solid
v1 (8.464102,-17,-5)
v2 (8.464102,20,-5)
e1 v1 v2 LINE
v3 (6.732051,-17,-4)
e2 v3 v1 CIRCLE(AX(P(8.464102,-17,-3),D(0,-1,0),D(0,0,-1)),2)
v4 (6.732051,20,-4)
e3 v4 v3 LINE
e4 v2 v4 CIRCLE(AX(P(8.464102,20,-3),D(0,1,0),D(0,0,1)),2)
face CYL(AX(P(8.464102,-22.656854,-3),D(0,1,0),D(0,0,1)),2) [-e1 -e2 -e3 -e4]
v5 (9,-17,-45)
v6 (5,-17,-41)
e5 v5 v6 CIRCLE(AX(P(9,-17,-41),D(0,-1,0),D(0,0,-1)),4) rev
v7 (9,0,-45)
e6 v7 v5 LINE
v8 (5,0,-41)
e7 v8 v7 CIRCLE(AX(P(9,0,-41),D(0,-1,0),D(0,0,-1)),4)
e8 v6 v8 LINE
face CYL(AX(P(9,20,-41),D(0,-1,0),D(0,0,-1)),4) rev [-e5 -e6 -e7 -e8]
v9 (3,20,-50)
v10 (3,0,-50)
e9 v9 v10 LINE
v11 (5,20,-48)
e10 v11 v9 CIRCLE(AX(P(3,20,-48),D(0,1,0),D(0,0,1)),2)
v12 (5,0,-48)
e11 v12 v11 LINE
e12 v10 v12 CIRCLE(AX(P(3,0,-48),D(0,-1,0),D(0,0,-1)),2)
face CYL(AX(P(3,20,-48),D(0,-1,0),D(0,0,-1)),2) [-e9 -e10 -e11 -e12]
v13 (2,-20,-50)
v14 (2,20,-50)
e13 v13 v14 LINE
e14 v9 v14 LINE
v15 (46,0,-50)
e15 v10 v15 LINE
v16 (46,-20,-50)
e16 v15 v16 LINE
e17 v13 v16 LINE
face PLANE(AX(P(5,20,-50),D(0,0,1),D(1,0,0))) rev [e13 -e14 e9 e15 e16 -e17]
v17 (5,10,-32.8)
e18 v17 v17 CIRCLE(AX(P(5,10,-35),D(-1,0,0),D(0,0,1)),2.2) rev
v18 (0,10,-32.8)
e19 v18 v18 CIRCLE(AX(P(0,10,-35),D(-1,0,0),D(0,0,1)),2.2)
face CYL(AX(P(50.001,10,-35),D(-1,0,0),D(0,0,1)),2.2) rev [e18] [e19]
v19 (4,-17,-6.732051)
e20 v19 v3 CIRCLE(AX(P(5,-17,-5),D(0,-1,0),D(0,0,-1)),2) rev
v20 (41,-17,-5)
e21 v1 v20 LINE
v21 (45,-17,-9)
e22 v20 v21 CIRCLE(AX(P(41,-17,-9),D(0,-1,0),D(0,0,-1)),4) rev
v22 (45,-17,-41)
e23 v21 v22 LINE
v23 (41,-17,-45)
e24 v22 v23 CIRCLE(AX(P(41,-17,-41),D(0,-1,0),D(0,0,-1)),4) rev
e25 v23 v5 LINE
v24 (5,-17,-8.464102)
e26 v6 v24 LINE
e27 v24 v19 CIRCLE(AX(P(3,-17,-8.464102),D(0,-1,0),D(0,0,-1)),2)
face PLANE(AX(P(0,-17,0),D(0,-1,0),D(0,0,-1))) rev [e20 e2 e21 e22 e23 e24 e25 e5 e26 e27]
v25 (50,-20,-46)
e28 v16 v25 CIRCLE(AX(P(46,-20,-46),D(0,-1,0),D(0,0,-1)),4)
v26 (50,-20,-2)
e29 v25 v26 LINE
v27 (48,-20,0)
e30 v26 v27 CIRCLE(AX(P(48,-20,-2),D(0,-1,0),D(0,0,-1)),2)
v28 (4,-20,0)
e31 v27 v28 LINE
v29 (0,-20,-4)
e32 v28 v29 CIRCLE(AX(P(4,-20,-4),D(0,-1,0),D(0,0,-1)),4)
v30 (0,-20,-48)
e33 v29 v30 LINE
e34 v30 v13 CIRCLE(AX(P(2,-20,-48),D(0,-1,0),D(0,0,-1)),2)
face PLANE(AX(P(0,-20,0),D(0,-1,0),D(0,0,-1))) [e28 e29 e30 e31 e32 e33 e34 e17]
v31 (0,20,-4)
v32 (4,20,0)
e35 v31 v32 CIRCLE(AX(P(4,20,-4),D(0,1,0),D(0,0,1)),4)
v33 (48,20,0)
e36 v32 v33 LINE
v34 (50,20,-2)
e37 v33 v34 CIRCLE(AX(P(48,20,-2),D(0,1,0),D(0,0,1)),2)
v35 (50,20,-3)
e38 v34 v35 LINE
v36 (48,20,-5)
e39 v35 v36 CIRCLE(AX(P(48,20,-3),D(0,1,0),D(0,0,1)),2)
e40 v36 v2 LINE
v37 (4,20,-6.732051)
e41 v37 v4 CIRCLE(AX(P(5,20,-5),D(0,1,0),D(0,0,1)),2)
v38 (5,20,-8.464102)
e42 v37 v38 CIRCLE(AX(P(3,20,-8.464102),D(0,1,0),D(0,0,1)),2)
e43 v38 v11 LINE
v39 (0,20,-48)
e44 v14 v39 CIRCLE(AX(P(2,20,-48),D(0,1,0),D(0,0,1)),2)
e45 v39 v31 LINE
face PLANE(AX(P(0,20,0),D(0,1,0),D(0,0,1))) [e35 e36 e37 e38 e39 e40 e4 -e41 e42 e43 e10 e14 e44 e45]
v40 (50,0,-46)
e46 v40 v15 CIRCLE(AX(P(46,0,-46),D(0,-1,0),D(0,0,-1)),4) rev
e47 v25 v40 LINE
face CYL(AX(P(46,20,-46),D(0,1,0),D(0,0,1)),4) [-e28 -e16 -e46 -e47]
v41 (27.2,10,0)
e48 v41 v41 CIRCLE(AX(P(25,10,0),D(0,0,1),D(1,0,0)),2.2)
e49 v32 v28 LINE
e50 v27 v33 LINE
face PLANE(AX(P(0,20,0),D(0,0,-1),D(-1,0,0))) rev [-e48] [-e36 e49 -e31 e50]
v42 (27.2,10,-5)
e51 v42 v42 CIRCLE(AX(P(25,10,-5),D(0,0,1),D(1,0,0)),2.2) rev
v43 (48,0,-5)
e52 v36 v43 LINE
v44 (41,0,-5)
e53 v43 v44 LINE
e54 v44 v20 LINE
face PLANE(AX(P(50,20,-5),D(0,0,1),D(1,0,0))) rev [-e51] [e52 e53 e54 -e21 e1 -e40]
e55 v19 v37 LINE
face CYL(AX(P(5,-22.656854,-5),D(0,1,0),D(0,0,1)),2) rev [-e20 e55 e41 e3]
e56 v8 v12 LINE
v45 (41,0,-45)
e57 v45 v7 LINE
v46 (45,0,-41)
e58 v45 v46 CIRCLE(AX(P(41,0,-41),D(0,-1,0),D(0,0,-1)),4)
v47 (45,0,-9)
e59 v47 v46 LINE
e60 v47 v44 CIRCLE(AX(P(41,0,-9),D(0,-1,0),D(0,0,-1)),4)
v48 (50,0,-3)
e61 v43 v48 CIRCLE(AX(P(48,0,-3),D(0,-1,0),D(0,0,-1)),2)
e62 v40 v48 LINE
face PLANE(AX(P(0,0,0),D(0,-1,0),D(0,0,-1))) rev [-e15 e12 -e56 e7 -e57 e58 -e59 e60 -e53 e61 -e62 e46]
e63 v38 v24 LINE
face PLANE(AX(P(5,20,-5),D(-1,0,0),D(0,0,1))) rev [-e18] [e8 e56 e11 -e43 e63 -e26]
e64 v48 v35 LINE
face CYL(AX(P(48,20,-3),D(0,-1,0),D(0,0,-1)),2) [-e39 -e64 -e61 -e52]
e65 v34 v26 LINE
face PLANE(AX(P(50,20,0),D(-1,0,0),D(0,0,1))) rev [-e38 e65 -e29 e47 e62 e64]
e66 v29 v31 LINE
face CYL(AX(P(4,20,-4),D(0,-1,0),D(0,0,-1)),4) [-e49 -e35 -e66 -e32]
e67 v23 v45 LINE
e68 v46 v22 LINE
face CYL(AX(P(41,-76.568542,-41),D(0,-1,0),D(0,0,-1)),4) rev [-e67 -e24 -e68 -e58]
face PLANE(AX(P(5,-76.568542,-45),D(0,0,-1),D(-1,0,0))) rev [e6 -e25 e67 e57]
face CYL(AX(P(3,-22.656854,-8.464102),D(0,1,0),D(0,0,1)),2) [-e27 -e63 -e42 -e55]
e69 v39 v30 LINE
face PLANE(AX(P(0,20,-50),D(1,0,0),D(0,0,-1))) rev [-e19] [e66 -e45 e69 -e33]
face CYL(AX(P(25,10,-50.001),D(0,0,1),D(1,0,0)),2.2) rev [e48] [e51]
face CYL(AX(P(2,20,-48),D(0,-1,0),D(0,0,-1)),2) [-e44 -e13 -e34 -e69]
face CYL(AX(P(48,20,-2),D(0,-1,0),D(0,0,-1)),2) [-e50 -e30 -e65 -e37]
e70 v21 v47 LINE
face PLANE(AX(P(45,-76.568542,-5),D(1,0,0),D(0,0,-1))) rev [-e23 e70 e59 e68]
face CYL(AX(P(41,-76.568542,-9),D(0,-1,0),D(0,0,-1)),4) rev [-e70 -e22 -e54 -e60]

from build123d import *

# Parameters (mm, degrees)
EXTRUDE_1_DEPTH     = 20
CUT_EXTRUDE_2_REACH = 75.485
SKETCH_4_R          = 2.2
CUT_EXTRUDE_3_REACH = 75.485
SKETCH_5_R          = 2.2
SKETCH_3_W          = 50
SKETCH_3_H          = 50
EXTRUDE_2_DEPTH     = 20
SKETCH_10_W         = 40
SKETCH_10_H         = 40
CUT_EXTRUDE_5_DEPTH = 17
SKETCH_6_R          = 2
CUT_EXTRUDE_4_DEPTH = 37
FILLET_1_R          = 4
FILLET_2_R          = 2


with BuildPart() as part:
    # ｽｹｯﾁ1 → ﾎﾞｽ - 押し出し1 (new body)
    with BuildSketch(Plane(origin=(0, 0, 0), x_dir=(1, 0, 0), z_dir=(0, 1, 0))):
        Polygon((0, 0), (50, 0), (50, 5), (5, 5), (5, 50), (0, 50), align=None)
    extrude(amount=EXTRUDE_1_DEPTH)

    # ｽｹｯﾁ4 → ｶｯﾄ - 押し出し2 (cut, up to next)
    with BuildSketch(Plane.ZY, mode=Mode.PRIVATE) as cut_extrude_2_sk1:
        with Locations((-35, 10)):
            Circle(SKETCH_4_R)
    cut_extrude_2_tool1 = extrude(cut_extrude_2_sk1.sketch, amount=-CUT_EXTRUDE_2_REACH, mode=Mode.PRIVATE) & part.part
    add(cut_extrude_2_tool1.solids().sort_by_distance((0, 10, -35))[0], mode=Mode.SUBTRACT)

    # ｽｹｯﾁ5 → ｶｯﾄ - 押し出し3 (cut, up to next)
    with BuildSketch(Plane.XY, mode=Mode.PRIVATE) as cut_extrude_3_sk1:
        with Locations((25, 10)):
            Circle(SKETCH_5_R)
    cut_extrude_3_tool1 = extrude(cut_extrude_3_sk1.sketch, amount=-CUT_EXTRUDE_3_REACH, mode=Mode.PRIVATE) & part.part
    add(cut_extrude_3_tool1.solids().sort_by_distance((25, 10, 0))[0], mode=Mode.SUBTRACT)

    # ｽｹｯﾁ3 → ﾎﾞｽ - 押し出し2 (add)
    with BuildSketch(Plane.XZ):
        with Locations((25, -25)):
            Rectangle(SKETCH_3_W, SKETCH_3_H)
    extrude(amount=EXTRUDE_2_DEPTH)

    # ｽｹｯﾁ10 → ｶｯﾄ - 押し出し5 (cut)
    with BuildSketch(Plane(origin=(0, 0, 0), x_dir=(1, 0, 0), z_dir=(0, 1, 0))):
        with Locations((25, 25)):
            Rectangle(SKETCH_10_W, SKETCH_10_H)
    extrude(amount=-CUT_EXTRUDE_5_DEPTH, mode=Mode.SUBTRACT)

    # ｽｹｯﾁ6 → ｶｯﾄ - 押し出し4 (cut)
    with BuildSketch(Plane(origin=(0, 20, 0), x_dir=(1, 0, 0), z_dir=(0, 1, 0))):
        with Locations((5, 5)):
            Circle(SKETCH_6_R)
    extrude(amount=-CUT_EXTRUDE_4_DEPTH, mode=Mode.SUBTRACT)

    # ﾌｨﾚｯﾄ1
    fillet_1_edges = [part.edges().sort_by_distance(p)[0] for p in [
        (0, 0, 0),
        (50, -10, -50),
        (45, -8.5, -5),
        (45, -8.5, -45),
        (5, -8.5, -45),
    ]]
    fillet(fillet_1_edges, radius=FILLET_1_R)

    # ﾌｨﾚｯﾄ2
    fillet_2_edges = [part.edges().sort_by_distance(p)[0] for p in [
        (0, 0, -50),
        (5, 10, -50),
        (50, 10, -5),
        (50, 0, 0),
        (7, 1.5, -5),
        (5, 1.5, -7),
    ]]
    fillet(fillet_2_edges, radius=FILLET_2_R)


solid = part.part
